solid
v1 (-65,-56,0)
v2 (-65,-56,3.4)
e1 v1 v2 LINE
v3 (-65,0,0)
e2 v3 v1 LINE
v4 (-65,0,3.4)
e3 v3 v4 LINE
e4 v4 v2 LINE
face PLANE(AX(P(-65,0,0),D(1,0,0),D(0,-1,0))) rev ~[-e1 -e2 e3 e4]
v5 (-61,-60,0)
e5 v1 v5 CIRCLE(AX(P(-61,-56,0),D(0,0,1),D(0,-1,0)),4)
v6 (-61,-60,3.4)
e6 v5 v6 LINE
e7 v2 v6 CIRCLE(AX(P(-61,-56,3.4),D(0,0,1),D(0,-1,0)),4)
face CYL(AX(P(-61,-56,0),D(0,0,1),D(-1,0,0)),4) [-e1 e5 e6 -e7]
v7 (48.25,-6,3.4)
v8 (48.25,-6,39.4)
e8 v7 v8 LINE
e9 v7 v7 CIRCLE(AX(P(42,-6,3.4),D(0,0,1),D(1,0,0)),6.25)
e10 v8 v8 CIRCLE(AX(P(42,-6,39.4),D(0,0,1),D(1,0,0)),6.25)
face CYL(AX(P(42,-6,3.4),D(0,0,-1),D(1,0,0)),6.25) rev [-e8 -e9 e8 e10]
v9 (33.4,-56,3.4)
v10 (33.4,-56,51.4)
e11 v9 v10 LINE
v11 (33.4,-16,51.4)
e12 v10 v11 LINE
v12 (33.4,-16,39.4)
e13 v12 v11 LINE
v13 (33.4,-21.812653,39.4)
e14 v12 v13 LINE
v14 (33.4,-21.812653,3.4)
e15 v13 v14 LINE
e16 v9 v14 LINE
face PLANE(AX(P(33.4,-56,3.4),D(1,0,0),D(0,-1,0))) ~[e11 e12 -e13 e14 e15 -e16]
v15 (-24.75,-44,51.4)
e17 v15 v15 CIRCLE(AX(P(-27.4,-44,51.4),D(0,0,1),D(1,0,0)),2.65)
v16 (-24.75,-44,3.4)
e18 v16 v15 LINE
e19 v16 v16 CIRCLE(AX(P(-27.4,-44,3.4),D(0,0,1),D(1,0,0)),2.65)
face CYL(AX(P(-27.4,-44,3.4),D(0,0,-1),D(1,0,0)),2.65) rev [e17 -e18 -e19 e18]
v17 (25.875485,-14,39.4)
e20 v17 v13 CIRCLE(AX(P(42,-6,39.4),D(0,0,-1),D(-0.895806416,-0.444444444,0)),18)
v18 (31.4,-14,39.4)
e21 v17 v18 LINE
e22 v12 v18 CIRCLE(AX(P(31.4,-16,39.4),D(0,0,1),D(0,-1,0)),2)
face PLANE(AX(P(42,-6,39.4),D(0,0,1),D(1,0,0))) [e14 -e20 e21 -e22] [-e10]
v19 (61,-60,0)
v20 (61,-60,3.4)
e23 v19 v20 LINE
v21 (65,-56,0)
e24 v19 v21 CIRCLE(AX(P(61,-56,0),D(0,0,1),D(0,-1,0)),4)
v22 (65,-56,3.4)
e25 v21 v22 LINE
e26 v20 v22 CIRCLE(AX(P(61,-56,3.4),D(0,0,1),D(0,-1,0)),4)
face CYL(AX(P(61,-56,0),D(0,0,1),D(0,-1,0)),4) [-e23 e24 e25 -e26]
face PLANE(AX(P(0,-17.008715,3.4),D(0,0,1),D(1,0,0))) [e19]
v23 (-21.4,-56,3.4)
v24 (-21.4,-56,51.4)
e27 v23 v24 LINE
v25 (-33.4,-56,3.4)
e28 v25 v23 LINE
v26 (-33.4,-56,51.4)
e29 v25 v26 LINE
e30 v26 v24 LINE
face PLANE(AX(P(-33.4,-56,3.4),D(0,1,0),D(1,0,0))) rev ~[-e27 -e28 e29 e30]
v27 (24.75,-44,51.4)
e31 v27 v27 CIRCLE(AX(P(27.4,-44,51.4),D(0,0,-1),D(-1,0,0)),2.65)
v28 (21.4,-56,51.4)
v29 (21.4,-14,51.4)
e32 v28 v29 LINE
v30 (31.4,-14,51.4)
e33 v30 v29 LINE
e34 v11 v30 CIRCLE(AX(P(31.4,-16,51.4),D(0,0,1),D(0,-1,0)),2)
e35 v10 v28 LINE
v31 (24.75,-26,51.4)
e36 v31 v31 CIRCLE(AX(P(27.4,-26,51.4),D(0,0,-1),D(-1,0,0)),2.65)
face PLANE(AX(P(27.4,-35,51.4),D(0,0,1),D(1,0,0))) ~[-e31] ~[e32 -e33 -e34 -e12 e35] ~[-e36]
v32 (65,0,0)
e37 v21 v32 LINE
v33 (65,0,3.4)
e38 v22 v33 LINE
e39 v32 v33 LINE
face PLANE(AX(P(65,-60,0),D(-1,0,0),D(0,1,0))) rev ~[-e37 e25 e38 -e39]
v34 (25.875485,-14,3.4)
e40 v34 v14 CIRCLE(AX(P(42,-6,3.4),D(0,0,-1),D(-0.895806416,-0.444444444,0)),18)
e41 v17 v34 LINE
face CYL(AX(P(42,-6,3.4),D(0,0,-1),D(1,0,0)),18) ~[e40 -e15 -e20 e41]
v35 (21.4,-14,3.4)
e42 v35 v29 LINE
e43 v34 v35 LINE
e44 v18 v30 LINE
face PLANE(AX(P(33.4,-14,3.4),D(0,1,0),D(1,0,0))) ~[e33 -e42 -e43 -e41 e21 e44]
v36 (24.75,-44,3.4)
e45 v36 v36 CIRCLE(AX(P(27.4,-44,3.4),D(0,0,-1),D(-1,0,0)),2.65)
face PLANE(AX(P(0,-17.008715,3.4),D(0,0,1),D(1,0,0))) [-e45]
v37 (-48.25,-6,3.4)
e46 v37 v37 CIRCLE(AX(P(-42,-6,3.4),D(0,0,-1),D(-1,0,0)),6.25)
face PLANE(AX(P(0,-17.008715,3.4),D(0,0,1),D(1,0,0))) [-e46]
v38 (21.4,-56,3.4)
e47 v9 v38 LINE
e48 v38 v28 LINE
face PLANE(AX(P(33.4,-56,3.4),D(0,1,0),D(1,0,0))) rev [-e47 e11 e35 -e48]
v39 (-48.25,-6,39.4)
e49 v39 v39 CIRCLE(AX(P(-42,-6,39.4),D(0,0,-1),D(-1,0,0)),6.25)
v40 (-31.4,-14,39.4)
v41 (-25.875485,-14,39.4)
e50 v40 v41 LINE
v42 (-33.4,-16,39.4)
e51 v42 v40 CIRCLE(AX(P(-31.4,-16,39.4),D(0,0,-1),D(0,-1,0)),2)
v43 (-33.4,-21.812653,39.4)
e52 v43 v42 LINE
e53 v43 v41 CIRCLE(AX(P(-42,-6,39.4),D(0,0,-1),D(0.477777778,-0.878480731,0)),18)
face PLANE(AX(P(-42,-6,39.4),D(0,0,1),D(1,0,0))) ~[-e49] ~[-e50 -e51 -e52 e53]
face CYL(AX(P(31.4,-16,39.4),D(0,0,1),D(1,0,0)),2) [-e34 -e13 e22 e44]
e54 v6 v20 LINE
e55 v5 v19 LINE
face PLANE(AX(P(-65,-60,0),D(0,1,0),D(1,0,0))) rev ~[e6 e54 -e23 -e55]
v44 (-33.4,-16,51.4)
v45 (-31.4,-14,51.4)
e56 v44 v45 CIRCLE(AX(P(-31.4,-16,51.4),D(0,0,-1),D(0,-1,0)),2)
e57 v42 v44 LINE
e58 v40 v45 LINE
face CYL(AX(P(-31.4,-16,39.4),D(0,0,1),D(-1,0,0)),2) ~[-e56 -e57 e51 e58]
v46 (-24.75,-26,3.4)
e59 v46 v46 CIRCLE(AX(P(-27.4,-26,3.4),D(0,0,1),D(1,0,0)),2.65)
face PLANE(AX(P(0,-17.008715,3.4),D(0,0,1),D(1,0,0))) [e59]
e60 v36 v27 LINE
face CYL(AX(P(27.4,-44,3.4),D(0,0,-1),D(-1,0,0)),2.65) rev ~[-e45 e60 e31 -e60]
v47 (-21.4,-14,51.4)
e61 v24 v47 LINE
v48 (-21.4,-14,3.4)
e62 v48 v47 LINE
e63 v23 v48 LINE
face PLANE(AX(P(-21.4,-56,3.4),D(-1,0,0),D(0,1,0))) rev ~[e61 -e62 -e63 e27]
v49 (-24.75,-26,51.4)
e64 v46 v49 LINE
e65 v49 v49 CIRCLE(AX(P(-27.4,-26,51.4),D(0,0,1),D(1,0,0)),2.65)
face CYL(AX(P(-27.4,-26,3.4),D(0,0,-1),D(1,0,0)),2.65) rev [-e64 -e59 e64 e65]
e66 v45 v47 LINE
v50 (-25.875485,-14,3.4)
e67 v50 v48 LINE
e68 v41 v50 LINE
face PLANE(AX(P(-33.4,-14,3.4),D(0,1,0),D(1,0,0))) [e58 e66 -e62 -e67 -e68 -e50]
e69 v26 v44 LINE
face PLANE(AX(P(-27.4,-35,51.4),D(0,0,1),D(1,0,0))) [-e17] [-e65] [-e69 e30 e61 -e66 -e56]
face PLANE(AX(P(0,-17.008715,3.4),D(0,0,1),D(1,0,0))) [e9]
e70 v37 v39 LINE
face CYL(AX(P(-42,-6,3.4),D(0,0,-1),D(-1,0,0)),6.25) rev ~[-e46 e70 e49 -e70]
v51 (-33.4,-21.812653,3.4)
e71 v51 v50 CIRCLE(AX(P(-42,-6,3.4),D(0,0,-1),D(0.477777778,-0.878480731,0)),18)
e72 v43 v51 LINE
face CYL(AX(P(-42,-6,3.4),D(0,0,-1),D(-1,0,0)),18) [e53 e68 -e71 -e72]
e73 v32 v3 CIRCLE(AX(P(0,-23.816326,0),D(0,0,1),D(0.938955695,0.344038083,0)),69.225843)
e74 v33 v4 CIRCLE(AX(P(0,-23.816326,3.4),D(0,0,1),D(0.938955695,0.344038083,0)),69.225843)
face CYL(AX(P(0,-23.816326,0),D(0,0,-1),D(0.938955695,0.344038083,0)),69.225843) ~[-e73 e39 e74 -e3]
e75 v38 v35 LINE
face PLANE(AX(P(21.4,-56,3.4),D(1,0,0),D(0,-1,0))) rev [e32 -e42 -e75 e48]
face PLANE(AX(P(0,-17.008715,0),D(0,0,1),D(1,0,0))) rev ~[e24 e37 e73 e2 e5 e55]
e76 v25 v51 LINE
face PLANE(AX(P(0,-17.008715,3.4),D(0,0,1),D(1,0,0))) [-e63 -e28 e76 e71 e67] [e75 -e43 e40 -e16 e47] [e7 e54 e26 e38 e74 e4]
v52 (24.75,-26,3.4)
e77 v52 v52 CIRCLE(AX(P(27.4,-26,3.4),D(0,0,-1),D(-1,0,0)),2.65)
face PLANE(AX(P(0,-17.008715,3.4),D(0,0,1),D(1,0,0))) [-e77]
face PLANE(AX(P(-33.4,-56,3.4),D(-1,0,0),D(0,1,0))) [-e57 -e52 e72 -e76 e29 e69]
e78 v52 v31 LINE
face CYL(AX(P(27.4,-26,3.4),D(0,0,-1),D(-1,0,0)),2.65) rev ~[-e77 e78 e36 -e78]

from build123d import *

# Parameters (mm, degrees)
PAD_DEPTH     = 3.4
FILLET_R      = 4
SKETCH001_R   = 18
SKETCH001_R_2 = 6.25
PAD001_DEPTH  = 36
SKETCH002_W   = 12
SKETCH002_H   = 42
SKETCH002_R   = 2.65
PAD002_DEPTH  = 48
FILLET002_R   = 2


with BuildPart() as part:
    # Sketch → Pad (new body)
    with BuildSketch(Plane.XY):
        with BuildLine():
            Line((-65, 0), (-65, -60))
            Line((-65, -60), (65, -60))
            Line((65, -60), (65, 0))
            ThreePointArc((65, 0), (0, 45.409517), (-65, 0))
        make_face()
    extrude(amount=PAD_DEPTH)

    # Fillet
    fillet_edges = [part.edges().sort_by_distance(p)[0] for p in [
        (65, -60, 1.7),
        (-65, -60, 1.7),
    ]]
    fillet(fillet_edges, radius=FILLET_R)

    # Sketch001 (on Face6 of Pad) → Pad001 (join)
    with BuildSketch(Plane.XY.offset(3.4)):
        with Locations((42, -6)):
            Circle(SKETCH001_R)
        with Locations((42, -6)):
            Circle(SKETCH001_R_2, mode=Mode.SUBTRACT)
    pad001 = extrude(amount=PAD001_DEPTH)

    # Mirrored: Pad001 across YZ
    add(pad001.mirror(Plane.YZ))

    # Sketch002 (on Face5 of Mirrored) → Pad002 (join)
    with BuildSketch(Plane.XY.offset(3.4)):
        with Locations((-27.4, -35)):
            Rectangle(SKETCH002_W, SKETCH002_H)
        with Locations((-27.4, -26)):
            Circle(SKETCH002_R, mode=Mode.SUBTRACT)
        with Locations((-27.4, -44)):
            Circle(SKETCH002_R, mode=Mode.SUBTRACT)
    pad002 = extrude(amount=PAD002_DEPTH)

    # Mirrored001: Pad002 across Sketch002 V_Axis
    add(pad002.mirror(Plane(origin=(0, 0, 3.4), x_dir=(0, 0, 1), z_dir=(1, 0, 0))))

    # Fillet002
    fillet002_edges = [part.edges().sort_by_distance(p)[0] for p in [
        (33.4, -14, 45.4),
        (-33.4, -14, 45.4),
    ]]
    fillet(fillet002_edges, radius=FILLET002_R)


solid = part.part
